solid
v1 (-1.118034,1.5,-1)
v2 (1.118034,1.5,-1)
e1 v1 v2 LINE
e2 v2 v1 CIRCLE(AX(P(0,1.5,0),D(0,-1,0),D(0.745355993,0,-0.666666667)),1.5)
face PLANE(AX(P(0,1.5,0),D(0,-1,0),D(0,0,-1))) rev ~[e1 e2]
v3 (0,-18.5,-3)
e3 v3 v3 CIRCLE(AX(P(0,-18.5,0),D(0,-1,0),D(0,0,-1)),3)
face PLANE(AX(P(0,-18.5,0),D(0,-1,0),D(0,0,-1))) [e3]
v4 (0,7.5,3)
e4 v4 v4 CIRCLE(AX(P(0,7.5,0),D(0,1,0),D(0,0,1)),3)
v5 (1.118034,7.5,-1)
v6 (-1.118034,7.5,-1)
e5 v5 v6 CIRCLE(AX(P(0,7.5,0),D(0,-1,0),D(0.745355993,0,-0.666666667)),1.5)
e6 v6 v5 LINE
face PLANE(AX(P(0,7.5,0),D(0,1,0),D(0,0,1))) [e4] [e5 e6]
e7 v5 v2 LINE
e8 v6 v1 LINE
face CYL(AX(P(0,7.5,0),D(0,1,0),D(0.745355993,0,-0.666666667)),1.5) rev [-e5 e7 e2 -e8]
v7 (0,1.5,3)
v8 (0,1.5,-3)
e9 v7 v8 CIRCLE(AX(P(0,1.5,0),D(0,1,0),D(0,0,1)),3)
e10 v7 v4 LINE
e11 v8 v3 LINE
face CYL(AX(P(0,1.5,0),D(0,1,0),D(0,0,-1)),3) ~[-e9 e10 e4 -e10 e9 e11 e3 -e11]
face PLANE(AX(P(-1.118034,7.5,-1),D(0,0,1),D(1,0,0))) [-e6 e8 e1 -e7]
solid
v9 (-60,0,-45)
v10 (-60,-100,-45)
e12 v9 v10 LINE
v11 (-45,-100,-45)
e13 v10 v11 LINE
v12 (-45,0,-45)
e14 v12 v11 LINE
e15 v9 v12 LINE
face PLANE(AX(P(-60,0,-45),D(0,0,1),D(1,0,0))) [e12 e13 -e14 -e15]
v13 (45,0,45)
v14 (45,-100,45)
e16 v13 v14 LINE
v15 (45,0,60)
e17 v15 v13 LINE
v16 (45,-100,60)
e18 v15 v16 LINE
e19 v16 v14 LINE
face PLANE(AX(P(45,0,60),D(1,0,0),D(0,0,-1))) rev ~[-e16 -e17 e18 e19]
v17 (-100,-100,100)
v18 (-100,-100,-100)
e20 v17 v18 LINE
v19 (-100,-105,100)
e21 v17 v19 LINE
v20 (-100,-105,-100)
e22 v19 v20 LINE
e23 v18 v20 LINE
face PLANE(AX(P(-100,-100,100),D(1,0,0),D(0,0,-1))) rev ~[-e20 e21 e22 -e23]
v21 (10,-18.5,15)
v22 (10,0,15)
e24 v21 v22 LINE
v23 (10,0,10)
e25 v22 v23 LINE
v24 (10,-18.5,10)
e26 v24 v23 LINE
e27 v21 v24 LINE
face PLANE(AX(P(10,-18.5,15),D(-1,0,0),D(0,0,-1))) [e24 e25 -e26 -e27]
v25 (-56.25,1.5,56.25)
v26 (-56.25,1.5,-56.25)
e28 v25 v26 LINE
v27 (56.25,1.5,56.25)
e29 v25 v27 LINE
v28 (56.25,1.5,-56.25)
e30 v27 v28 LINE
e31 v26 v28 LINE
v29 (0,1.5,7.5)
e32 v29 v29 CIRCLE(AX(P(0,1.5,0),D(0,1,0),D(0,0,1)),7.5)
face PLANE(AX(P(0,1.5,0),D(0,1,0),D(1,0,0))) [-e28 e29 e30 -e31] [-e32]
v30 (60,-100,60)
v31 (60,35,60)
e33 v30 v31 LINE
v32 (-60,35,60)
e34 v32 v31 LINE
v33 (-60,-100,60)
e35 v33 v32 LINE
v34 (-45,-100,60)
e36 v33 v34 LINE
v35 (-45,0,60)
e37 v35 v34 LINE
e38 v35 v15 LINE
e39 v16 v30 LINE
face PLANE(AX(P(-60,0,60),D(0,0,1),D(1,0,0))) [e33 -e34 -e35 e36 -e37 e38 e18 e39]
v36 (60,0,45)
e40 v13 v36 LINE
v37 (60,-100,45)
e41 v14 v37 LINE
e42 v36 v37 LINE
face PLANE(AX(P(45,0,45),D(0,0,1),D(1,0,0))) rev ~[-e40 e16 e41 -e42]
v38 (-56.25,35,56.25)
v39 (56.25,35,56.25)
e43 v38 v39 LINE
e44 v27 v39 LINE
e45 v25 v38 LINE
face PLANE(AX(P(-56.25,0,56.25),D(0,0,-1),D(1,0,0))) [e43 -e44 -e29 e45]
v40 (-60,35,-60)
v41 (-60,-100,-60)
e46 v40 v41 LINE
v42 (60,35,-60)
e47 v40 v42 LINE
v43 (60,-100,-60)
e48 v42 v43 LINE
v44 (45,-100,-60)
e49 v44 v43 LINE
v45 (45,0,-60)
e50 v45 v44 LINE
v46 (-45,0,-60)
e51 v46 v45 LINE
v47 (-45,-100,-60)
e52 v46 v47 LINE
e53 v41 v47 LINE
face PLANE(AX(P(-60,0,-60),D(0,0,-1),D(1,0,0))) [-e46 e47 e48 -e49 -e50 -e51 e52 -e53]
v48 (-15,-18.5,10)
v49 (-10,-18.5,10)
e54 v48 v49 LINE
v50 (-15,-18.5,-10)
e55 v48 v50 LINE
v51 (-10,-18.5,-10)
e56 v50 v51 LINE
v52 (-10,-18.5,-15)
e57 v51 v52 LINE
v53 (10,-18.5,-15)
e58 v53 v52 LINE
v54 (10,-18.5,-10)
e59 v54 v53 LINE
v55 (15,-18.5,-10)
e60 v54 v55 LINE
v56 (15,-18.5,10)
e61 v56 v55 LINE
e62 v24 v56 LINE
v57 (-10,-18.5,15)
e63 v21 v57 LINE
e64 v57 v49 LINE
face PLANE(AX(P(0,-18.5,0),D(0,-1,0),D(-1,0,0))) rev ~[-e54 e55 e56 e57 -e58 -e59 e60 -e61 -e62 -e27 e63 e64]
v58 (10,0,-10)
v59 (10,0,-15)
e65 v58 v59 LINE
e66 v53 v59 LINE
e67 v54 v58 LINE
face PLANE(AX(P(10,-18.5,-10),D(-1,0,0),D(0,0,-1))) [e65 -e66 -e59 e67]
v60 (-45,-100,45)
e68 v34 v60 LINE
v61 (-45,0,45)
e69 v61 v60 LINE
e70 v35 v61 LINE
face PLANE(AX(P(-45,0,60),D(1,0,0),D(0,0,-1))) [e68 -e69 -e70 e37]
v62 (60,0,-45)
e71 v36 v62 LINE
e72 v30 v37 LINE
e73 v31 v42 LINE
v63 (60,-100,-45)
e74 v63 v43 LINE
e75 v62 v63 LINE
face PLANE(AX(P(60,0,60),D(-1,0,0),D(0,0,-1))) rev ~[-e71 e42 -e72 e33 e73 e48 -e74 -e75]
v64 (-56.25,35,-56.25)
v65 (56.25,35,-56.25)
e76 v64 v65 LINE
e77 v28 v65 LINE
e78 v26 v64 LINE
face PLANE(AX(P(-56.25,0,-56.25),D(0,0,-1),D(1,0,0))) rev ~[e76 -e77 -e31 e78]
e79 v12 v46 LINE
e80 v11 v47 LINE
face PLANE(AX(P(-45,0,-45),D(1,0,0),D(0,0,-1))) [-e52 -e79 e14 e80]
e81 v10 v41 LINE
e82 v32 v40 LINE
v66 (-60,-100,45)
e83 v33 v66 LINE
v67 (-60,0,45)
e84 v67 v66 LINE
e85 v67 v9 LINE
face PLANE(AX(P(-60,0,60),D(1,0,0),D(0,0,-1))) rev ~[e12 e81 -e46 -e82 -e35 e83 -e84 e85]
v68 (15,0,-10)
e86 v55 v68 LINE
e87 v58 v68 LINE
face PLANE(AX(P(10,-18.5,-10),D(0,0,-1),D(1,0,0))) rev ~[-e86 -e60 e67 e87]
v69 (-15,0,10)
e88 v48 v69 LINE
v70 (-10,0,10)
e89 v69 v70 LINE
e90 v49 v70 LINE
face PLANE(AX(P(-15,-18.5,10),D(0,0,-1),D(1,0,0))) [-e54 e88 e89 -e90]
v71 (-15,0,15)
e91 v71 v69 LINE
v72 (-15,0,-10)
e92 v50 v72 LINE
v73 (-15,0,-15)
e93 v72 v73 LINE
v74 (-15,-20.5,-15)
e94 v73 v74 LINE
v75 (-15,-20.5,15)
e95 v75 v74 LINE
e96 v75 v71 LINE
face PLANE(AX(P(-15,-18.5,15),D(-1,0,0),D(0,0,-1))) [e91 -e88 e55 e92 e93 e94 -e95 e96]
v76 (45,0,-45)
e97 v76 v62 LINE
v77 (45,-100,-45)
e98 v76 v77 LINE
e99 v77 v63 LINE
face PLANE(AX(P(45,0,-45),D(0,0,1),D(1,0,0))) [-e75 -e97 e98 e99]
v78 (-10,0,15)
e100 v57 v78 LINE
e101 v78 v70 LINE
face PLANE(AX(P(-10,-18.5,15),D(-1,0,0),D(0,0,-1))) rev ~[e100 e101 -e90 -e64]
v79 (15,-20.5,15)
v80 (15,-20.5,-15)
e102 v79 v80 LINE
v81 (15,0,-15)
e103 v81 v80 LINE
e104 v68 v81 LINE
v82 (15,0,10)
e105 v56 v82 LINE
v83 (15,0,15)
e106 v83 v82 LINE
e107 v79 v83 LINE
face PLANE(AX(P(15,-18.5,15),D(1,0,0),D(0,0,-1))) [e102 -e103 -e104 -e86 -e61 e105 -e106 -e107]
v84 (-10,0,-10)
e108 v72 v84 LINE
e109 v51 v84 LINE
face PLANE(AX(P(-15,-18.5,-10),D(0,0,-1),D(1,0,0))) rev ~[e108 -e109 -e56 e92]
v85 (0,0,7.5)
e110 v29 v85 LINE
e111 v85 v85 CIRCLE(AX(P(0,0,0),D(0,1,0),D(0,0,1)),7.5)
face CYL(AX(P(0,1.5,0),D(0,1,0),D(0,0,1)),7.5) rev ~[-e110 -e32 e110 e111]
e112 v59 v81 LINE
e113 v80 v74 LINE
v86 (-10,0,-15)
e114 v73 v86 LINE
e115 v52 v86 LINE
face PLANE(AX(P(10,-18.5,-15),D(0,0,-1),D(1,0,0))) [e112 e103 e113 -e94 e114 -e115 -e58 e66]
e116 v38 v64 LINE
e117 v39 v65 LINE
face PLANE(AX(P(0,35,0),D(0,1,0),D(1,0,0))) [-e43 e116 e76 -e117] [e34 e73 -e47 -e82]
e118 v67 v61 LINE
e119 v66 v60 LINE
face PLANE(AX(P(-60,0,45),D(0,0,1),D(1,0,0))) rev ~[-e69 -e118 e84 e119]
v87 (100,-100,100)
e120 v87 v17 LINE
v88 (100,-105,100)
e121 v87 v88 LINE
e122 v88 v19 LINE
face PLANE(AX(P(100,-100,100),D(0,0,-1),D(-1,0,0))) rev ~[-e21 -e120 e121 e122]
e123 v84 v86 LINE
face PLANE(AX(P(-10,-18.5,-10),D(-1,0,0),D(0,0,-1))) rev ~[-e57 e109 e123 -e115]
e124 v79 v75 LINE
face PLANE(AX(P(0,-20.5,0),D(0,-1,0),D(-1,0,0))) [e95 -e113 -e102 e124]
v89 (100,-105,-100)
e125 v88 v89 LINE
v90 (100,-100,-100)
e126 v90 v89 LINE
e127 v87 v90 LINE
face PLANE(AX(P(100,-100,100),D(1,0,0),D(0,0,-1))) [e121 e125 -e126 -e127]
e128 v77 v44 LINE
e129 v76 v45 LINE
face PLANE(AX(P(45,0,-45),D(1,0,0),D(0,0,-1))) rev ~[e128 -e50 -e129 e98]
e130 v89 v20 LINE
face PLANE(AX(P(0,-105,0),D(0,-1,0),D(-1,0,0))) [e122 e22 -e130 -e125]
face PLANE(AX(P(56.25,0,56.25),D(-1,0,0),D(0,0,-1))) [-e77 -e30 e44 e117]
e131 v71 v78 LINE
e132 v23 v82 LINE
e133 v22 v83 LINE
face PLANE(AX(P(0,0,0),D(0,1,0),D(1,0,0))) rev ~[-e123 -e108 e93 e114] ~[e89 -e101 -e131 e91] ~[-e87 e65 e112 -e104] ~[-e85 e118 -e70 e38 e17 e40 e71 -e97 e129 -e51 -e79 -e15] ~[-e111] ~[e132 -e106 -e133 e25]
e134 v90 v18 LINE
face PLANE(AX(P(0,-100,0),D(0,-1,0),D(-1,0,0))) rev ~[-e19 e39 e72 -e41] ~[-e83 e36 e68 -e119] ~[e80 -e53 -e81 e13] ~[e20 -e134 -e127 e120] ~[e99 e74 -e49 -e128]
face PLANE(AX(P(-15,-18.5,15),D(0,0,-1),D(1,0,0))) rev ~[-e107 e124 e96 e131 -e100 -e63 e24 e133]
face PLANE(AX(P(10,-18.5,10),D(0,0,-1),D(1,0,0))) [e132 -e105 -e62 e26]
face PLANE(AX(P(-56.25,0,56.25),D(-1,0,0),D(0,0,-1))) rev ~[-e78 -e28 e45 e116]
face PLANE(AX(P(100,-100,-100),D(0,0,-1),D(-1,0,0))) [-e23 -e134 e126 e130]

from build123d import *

# Parameters (mm, degrees)
SKETCH_1_W          = 112.5
SKETCH_1_H          = 112.5
EXTRUDE_1_DEPTH     = 1.5
SKETCH_2_R          = 3
EXTRUDE_2_DEPTH     = 6
CUT_EXTRUDE_1_DEPTH = 6
SKETCH_4_W          = 120
SKETCH_4_H          = 120
SKETCH_4_W_2        = 112.5
SKETCH_4_H_2        = 112.5
EXTRUDE_3_DEPTH     = 35
SKETCH_5_W          = 15
SKETCH_5_H          = 15
EXTRUDE_4_DEPTH     = 100
SKETCH_6_W          = 200
SKETCH_6_H          = 200
EXTRUDE_5_DEPTH     = 5
CUT_EXTRUDE_3_REACH = 179.037
SKETCH_7_R          = 7.5
SKETCH_8_R          = 3
EXTRUDE_6_DEPTH     = 20
SKETCH_9_W          = 30
SKETCH_9_H          = 30
EXTRUDE_7_DEPTH     = 2
EXTRUDE_8_REACH     = 167.778
SKETCH_10_W         = 5
SKETCH_10_H         = 5


with BuildPart() as part:
    # 草图1 → 凸台-拉伸1 (new body)
    with BuildSketch(Plane(origin=(0, 0, 0), x_dir=(1, 0, 0), z_dir=(0, 1, 0))):
        Rectangle(SKETCH_1_W, SKETCH_1_H)
    extrude(amount=EXTRUDE_1_DEPTH)

    # 草图2 → 凸台-拉伸2 (add)
    with BuildSketch(Plane(origin=(0, 1.5, 0), x_dir=(1, 0, 0), z_dir=(0, 1, 0))):
        with Locations(Location((0, 0, 0), (0, 0, 270))):
            Circle(SKETCH_2_R)
    extrude(amount=EXTRUDE_2_DEPTH)

    # 草图3 → 切除-拉伸1 (cut)
    with BuildSketch(Plane(origin=(0, 7.5, 0), x_dir=(1, 0, 0), z_dir=(0, 1, 0))):
        with BuildLine():
            Line((-1.118033989, 1), (1.118033989, 1))
            ThreePointArc((1.118033989, 1), (0, -1.5), (-1.118033989, 1))
        make_face()
    extrude(amount=-CUT_EXTRUDE_1_DEPTH, mode=Mode.SUBTRACT)

    # 草图4 → 凸台-拉伸3 (add)
    with BuildSketch(Plane(origin=(0, 0, 0), x_dir=(1, 0, 0), z_dir=(0, 1, 0))):
        Rectangle(SKETCH_4_W, SKETCH_4_H)
        Rectangle(SKETCH_4_W_2, SKETCH_4_H_2, mode=Mode.SUBTRACT)
    extrude(amount=EXTRUDE_3_DEPTH)

    # 草图5 → 凸台-拉伸4 (add)
    with BuildSketch(Plane(origin=(0, 0, 0), x_dir=(1, 0, 0), z_dir=(0, 1, 0))):
        with Locations((-52.5, -52.5)):
            Rectangle(SKETCH_5_W, SKETCH_5_H)
        with Locations((52.5, -52.5)):
            Rectangle(SKETCH_5_W, SKETCH_5_H)
        with Locations((52.5, 52.5)):
            Rectangle(SKETCH_5_W, SKETCH_5_H)
        with Locations((-52.5, 52.5)):
            Rectangle(SKETCH_5_W, SKETCH_5_H)
    extrude(amount=-EXTRUDE_4_DEPTH)

    # 草图6 → 凸台-拉伸5 (add)
    with BuildSketch(Plane(origin=(0, -100, 0), x_dir=(-1, 0, 0), z_dir=(0, -1, 0))):
        Rectangle(SKETCH_6_W, SKETCH_6_H)
    extrude(amount=EXTRUDE_5_DEPTH)

    # 草图7 → 切除-拉伸3 (cut, up to next)
    with BuildSketch(Plane(origin=(0, 1.5, 0), x_dir=(1, 0, 0), z_dir=(0, 1, 0)), mode=Mode.PRIVATE) as cut_extrude_3_sk1:
        with Locations(Location((0, 0, 0), (0, 0, 270))):
            Circle(SKETCH_7_R)
    cut_extrude_3_tool1 = extrude(cut_extrude_3_sk1.sketch, amount=-CUT_EXTRUDE_3_REACH, mode=Mode.PRIVATE) & part.part
    add(cut_extrude_3_tool1.solids().sort_by_distance((0, 1.5, 0))[0], mode=Mode.SUBTRACT)


with BuildPart() as cut_extrude_3_piece_1:
    # of the separate pieces the step leaves, piece 1, a body of its own (cut_extrude_3_pieces)
    add(part.part.solids().sort_by_distance((100, -100, -100))[0])

    # 草图10 → 凸台-拉伸8 (add, up to next)
    with BuildSketch(Plane(origin=(0, -18.5, 0), x_dir=(1, 0, 0), z_dir=(0, 1, 0)), mode=Mode.PRIVATE) as extrude_8_sk1:
        with Locations((-12.5, 12.5)):
            Rectangle(SKETCH_10_W, SKETCH_10_H)
    extrude_8_tool1 = extrude(extrude_8_sk1.sketch, amount=EXTRUDE_8_REACH, mode=Mode.PRIVATE) - cut_extrude_3_piece_1.part
    # 草图10 → 凸台-拉伸8 (add, up to next)
    with BuildSketch(Plane(origin=(0, -18.5, 0), x_dir=(1, 0, 0), z_dir=(0, 1, 0)), mode=Mode.PRIVATE) as extrude_8_sk2:
        with Locations((12.5, -12.5)):
            Rectangle(SKETCH_10_W, SKETCH_10_H)
    extrude_8_tool2 = extrude(extrude_8_sk2.sketch, amount=EXTRUDE_8_REACH, mode=Mode.PRIVATE) - cut_extrude_3_piece_1.part
    # 草图10 → 凸台-拉伸8 (add, up to next)
    with BuildSketch(Plane(origin=(0, -18.5, 0), x_dir=(1, 0, 0), z_dir=(0, 1, 0)), mode=Mode.PRIVATE) as extrude_8_sk3:
        with Locations((12.5, 12.5)):
            Rectangle(SKETCH_10_W, SKETCH_10_H)
    extrude_8_tool3 = extrude(extrude_8_sk3.sketch, amount=EXTRUDE_8_REACH, mode=Mode.PRIVATE) - cut_extrude_3_piece_1.part
    # 草图10 → 凸台-拉伸8 (add, up to next)
    with BuildSketch(Plane(origin=(0, -18.5, 0), x_dir=(1, 0, 0), z_dir=(0, 1, 0)), mode=Mode.PRIVATE) as extrude_8_sk4:
        with Locations((-12.5, -12.5)):
            Rectangle(SKETCH_10_W, SKETCH_10_H)
    extrude_8_tool4 = extrude(extrude_8_sk4.sketch, amount=EXTRUDE_8_REACH, mode=Mode.PRIVATE) - cut_extrude_3_piece_1.part


with BuildPart() as cut_extrude_3_piece_2:
    # of the separate pieces the step leaves, piece 2, a body of its own (cut_extrude_3_pieces)
    add(part.part.solids().sort_by_distance((0, 1.5, 3))[0])

    # 草图8 → 凸台-拉伸6 (add)
    with BuildSketch(Plane(origin=(0, 1.5, 0), x_dir=(-1, 0, 0), z_dir=(0, -1, 0))):
        with Locations(Location((0, 0, 0), (0, 0, 90))):
            Circle(SKETCH_8_R)
    extrude(amount=EXTRUDE_6_DEPTH)


with BuildPart() as body_3:
    # 草图9 → 凸台-拉伸7 (new body)
    with BuildSketch(Plane(origin=(0, -18.5, 0), x_dir=(-1, 0, 0), z_dir=(0, -1, 0))):
        Rectangle(SKETCH_9_W, SKETCH_9_H)
    extrude(amount=EXTRUDE_7_DEPTH)


with BuildPart() as cut_extrude_3_piece_1_1:
    add(cut_extrude_3_piece_1.part)

    add(body_3.part)  # 凸台-拉伸8 merges body 3
    add(extrude_8_tool1.solids().sort_by_distance((-12.5, -18.5, -12.5))[0])
    add(extrude_8_tool2.solids().sort_by_distance((12.5, -18.5, 12.5))[0])
    add(extrude_8_tool3.solids().sort_by_distance((12.5, -18.5, -12.5))[0])
    add(extrude_8_tool4.solids().sort_by_distance((-12.5, -18.5, 12.5))[0])


solid = Compound([cut_extrude_3_piece_2.part, cut_extrude_3_piece_1_1.part])
